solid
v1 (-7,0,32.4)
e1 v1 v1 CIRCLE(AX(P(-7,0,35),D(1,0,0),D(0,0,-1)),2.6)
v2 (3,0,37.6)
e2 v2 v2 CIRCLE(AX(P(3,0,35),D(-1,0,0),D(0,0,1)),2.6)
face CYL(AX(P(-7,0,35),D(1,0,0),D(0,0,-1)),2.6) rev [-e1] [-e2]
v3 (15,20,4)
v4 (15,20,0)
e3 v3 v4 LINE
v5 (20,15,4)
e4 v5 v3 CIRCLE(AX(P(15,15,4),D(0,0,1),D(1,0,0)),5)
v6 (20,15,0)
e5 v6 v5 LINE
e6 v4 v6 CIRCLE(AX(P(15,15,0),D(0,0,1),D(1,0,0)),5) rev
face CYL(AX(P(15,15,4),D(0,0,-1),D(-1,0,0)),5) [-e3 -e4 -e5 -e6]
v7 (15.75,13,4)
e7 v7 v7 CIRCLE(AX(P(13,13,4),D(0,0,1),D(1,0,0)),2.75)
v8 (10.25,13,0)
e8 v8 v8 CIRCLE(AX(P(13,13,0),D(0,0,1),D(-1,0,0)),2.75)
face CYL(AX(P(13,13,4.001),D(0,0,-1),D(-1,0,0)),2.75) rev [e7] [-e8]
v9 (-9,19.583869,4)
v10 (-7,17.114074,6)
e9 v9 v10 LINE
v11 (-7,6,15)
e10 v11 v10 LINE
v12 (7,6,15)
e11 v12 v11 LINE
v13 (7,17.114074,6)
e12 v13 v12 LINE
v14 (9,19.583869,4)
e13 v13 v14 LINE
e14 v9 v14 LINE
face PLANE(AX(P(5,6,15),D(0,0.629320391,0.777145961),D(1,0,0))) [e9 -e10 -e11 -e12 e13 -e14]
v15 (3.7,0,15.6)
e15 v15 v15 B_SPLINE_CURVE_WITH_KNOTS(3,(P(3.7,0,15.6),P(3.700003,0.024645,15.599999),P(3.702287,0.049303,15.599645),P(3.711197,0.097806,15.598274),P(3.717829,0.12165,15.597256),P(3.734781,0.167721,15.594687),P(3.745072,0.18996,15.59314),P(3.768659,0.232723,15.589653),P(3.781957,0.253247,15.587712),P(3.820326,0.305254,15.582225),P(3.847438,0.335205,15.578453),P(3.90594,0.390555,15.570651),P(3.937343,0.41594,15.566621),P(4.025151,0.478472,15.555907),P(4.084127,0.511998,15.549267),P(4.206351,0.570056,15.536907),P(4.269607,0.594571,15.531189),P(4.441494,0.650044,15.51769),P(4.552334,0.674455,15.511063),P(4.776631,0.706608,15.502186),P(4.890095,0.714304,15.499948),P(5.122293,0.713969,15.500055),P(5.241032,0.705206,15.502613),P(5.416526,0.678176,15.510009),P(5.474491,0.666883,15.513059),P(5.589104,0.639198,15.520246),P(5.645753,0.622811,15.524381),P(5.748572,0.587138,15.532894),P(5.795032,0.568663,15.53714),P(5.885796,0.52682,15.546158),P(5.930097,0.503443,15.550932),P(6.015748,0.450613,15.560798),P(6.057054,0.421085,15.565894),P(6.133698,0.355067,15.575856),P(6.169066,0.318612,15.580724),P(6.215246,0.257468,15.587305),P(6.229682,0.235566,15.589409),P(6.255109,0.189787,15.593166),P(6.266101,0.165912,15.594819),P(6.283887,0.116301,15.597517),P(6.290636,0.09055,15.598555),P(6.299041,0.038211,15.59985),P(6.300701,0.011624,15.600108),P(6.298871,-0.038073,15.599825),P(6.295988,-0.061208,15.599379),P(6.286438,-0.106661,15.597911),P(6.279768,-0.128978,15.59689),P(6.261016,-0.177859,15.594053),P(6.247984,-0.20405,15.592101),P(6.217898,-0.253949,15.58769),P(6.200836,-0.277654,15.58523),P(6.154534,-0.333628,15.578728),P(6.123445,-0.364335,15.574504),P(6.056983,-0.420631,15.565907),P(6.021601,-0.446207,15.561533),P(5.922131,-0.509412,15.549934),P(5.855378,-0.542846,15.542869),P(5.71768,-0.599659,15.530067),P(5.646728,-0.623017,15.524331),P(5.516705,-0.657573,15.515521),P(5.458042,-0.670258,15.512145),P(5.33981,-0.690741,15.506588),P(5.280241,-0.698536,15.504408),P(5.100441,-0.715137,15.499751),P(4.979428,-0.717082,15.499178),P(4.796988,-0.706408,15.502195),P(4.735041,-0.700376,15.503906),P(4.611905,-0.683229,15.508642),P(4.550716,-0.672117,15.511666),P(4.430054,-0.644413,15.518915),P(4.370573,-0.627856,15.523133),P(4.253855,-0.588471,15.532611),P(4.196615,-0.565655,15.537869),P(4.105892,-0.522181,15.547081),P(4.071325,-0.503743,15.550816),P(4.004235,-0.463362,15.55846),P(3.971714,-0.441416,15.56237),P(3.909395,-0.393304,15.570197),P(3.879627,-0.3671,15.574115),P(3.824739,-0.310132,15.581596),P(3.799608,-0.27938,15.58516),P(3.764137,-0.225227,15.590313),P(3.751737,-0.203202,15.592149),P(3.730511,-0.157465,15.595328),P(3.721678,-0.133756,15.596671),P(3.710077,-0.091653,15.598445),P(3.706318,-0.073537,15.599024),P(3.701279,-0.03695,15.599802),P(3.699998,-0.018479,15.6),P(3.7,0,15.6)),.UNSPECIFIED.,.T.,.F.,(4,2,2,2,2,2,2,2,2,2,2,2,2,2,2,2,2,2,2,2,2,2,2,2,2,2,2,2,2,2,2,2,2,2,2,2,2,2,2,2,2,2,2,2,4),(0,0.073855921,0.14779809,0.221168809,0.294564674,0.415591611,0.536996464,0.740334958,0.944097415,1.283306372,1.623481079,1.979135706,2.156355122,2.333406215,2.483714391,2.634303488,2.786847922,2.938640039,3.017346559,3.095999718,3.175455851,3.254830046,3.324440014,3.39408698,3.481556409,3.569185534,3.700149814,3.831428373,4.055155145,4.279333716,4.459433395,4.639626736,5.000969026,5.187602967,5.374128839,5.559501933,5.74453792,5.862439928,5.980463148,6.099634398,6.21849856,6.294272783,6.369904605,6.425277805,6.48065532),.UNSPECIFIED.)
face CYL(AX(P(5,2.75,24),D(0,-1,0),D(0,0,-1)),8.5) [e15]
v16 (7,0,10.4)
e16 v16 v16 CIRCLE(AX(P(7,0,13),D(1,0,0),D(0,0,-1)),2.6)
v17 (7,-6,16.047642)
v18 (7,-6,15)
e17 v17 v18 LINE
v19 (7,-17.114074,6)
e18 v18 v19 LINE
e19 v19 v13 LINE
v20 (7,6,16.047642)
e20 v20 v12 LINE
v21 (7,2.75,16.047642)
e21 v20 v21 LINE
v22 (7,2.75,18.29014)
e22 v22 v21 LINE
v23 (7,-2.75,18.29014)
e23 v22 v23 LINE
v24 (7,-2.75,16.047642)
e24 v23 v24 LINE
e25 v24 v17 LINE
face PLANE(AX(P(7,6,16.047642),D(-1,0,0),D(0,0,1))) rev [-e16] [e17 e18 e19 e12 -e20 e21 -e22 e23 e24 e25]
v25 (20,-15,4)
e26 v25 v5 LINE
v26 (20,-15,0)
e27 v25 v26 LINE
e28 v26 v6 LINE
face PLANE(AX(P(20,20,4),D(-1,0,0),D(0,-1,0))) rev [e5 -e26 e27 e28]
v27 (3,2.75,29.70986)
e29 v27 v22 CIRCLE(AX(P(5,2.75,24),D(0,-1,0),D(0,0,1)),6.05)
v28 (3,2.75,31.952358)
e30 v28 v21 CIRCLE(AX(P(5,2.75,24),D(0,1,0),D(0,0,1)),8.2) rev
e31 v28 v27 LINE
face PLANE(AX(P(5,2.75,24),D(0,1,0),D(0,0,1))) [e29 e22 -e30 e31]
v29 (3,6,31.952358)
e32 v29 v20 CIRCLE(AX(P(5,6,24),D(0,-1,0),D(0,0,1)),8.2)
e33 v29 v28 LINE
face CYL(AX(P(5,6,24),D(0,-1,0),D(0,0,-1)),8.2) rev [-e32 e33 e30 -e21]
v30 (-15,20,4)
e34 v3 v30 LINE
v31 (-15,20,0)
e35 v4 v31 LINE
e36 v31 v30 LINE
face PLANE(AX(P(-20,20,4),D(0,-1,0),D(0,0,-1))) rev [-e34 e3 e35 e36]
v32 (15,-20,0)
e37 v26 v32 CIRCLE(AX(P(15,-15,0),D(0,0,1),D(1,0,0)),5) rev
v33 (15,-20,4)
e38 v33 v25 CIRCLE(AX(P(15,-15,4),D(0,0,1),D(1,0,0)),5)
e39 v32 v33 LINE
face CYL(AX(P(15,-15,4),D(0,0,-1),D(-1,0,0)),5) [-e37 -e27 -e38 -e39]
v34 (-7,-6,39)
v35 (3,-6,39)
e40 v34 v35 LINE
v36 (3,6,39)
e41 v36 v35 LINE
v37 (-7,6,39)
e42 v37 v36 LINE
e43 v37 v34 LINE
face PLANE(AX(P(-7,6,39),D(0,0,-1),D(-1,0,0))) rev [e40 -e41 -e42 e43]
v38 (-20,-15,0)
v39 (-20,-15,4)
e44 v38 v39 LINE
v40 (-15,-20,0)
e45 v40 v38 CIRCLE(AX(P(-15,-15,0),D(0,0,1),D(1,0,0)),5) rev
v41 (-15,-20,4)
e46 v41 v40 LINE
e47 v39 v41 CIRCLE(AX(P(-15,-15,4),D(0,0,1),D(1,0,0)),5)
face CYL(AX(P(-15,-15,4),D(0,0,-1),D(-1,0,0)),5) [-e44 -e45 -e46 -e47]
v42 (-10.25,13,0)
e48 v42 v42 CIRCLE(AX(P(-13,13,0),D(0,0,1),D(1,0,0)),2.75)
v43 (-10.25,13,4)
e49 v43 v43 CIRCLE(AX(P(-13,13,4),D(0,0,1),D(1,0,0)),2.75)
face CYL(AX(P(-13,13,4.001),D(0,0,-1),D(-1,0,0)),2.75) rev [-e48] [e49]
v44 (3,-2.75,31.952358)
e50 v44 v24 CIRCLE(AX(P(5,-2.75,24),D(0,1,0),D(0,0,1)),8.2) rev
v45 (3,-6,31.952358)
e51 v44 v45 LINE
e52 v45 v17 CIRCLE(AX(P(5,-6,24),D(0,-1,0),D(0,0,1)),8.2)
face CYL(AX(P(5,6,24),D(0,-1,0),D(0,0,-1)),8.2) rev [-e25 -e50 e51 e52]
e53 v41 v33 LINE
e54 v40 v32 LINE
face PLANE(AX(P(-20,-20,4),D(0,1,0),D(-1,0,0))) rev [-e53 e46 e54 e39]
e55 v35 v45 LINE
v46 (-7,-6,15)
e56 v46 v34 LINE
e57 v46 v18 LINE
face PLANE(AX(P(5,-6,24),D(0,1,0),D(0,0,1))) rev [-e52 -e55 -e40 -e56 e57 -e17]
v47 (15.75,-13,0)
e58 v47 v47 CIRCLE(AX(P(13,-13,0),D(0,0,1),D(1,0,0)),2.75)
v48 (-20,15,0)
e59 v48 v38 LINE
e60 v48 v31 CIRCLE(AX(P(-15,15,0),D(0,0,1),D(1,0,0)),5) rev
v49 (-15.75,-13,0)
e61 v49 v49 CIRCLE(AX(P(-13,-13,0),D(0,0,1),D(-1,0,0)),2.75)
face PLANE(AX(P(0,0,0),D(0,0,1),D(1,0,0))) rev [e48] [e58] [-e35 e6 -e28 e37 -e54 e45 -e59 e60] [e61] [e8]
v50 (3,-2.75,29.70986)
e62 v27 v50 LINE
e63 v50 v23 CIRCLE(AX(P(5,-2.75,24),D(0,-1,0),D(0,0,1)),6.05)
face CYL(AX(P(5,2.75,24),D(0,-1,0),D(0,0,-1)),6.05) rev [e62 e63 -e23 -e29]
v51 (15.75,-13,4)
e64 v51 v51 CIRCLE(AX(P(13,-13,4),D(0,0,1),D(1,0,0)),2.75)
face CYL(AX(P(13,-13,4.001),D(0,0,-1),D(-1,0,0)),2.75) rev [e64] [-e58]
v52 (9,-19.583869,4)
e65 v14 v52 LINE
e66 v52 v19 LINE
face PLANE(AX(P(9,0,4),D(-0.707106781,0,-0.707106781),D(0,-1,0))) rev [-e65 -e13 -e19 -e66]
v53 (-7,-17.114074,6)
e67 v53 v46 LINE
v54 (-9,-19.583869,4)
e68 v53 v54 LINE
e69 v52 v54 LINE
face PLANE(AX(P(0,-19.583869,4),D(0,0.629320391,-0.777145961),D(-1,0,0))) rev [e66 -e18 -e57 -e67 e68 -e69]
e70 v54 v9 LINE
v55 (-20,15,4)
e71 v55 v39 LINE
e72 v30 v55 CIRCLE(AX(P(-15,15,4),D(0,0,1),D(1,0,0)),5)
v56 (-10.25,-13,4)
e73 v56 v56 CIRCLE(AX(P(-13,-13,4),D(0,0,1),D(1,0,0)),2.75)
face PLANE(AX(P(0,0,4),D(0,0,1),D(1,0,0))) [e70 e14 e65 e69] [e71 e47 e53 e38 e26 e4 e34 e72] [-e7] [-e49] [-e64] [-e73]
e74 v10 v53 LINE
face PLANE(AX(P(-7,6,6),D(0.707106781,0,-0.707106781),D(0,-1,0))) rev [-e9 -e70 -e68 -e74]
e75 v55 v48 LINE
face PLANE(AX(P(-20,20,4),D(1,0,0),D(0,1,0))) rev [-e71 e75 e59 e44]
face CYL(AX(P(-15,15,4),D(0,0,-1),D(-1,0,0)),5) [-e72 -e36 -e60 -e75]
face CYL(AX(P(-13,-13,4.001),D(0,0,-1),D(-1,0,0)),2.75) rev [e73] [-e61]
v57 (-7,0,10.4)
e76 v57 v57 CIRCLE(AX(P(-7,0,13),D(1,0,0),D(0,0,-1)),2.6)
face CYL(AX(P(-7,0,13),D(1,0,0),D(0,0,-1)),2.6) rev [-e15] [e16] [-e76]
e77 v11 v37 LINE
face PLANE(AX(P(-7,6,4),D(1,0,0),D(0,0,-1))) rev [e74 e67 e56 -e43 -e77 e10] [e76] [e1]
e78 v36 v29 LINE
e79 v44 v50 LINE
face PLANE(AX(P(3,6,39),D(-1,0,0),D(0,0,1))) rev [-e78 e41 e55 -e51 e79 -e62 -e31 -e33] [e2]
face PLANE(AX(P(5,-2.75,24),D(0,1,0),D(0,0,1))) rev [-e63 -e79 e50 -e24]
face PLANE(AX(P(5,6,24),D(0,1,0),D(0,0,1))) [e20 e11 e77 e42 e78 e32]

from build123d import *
from OCP.BRepFilletAPI import BRepFilletAPI_MakeChamfer

# Parameters (mm, degrees)
SKETCH1_W           = 40
SKETCH1_H           = 40
BOSS_EXTRUDE1_DEPTH = 4
CUT_EXTRUDE1_REACH  = 30.566
SKETCH2_R           = 2.75
BOSS_EXTRUDE2_DEPTH = 6
CHAMFER1_SIZE       = 11
CHAMFER1_SIZE2      = 13.583868722
SKETCH4_R           = 2.6
CUT_EXTRUDE2_DEPTH  = 7
BOSS_EXTRUDE3_DEPTH = 2.75
CHAMFER2_SIZE       = 2
FILLET1_R           = 5


with BuildPart() as part:
    # Sketch1 → Boss-Extrude1 (new body)
    with BuildSketch(Plane.XY):
        Rectangle(SKETCH1_W, SKETCH1_H)
    extrude(amount=BOSS_EXTRUDE1_DEPTH)

    # Sketch2 → Cut-Extrude1 (cut, up to next)
    with BuildSketch(Plane.XY, mode=Mode.PRIVATE) as cut_extrude1_sk1:
        with Locations((-13, 13)):
            Circle(SKETCH2_R)
    cut_extrude1_tool1 = extrude(cut_extrude1_sk1.sketch, amount=CUT_EXTRUDE1_REACH, mode=Mode.PRIVATE) & part.part
    # Sketch2 → Cut-Extrude1 (cut, up to next)
    with BuildSketch(Plane.XY, mode=Mode.PRIVATE) as cut_extrude1_sk2:
        with Locations(Location((13, 13, 0), (0, 0, 180))):
            Circle(SKETCH2_R)
    cut_extrude1_tool2 = extrude(cut_extrude1_sk2.sketch, amount=CUT_EXTRUDE1_REACH, mode=Mode.PRIVATE) & part.part
    # Sketch2 → Cut-Extrude1 (cut, up to next)
    with BuildSketch(Plane.XY, mode=Mode.PRIVATE) as cut_extrude1_sk3:
        with Locations((13, -13)):
            Circle(SKETCH2_R)
    cut_extrude1_tool3 = extrude(cut_extrude1_sk3.sketch, amount=CUT_EXTRUDE1_REACH, mode=Mode.PRIVATE) & part.part
    # Sketch2 → Cut-Extrude1 (cut, up to next)
    with BuildSketch(Plane.XY, mode=Mode.PRIVATE) as cut_extrude1_sk4:
        with Locations(Location((-13, -13, 0), (0, 0, 180))):
            Circle(SKETCH2_R)
    cut_extrude1_tool4 = extrude(cut_extrude1_sk4.sketch, amount=CUT_EXTRUDE1_REACH, mode=Mode.PRIVATE) & part.part
    add(cut_extrude1_tool1.solids().sort_by_distance((-13, 13, 0))[0], mode=Mode.SUBTRACT)
    add(cut_extrude1_tool2.solids().sort_by_distance((13, 13, 0))[0], mode=Mode.SUBTRACT)
    add(cut_extrude1_tool3.solids().sort_by_distance((13, -13, 0))[0], mode=Mode.SUBTRACT)
    add(cut_extrude1_tool4.solids().sort_by_distance((-13, -13, 0))[0], mode=Mode.SUBTRACT)

    # Sketch3 → Boss-Extrude2 (add, symmetric)
    with BuildSketch(Plane(origin=(0, 0, 0), x_dir=(1, 0, 0), z_dir=(0, 1, 0))):
        with BuildLine():
            Line((-7, -4), (-7, -39))
            Line((-7, -39), (3, -39))
            Line((3, -39), (3, -31.952358141))
            ThreePointArc((3, -31.952358141), (-2.952358141, -22), (7, -16.047641859))
            Line((7, -16.047641859), (7, -4))
            Line((7, -4), (-7, -4))
        make_face()
    extrude(amount=BOSS_EXTRUDE2_DEPTH, both=True)

    # Chamfer1: one chamfer whose edges measure the first distance from different faces: ONE call of the kernel's chamfer builder (chamfer() names one face for all edges)
    chamfer1_edges_1 = [part.edges().sort_by_distance(p)[0] for p in [
        (0, -6, 4),
    ]]
    chamfer1_side_1 = [part.faces().sort_by_distance(p)[0] for p in [
        (6.623038464, -6, 10.02382093),
    ]]
    chamfer1_edges_2 = [part.edges().sort_by_distance(p)[0] for p in [
        (0, 6, 4),
    ]]
    chamfer1_side_2 = [part.faces().sort_by_distance(p)[0] for p in [
        (6.623038464, 6, 10.02382093),
    ]]
    chamfer1 = BRepFilletAPI_MakeChamfer(part.part.solid().wrapped)
    for e in chamfer1_edges_1:
        chamfer1.Add(CHAMFER1_SIZE, CHAMFER1_SIZE2, e.wrapped, chamfer1_side_1[0].wrapped)  # the first distance lies on this face
    for e in chamfer1_edges_2:
        chamfer1.Add(CHAMFER1_SIZE, CHAMFER1_SIZE2, e.wrapped, chamfer1_side_2[0].wrapped)  # the first distance lies on this face
    add(Compound.cast(chamfer1.Shape()), mode=Mode.REPLACE)

    # Sketch4 → Cut-Extrude2 (cut, symmetric)
    with BuildSketch(Plane(origin=(0, 0, 0), x_dir=(0, 0, -1), z_dir=(1, 0, 0))):
        with Locations((-13, 0)):
            Circle(SKETCH4_R)
        with Locations((-35, 0)):
            Circle(SKETCH4_R)
    extrude(amount=CUT_EXTRUDE2_DEPTH, both=True, mode=Mode.SUBTRACT)

    # Sketch5 → Boss-Extrude3 (add, symmetric)
    with BuildSketch(Plane(origin=(0, 0, 0), x_dir=(1, 0, 0), z_dir=(0, 1, 0))):
        with BuildLine():
            Line((7, -15.738644179), (7, -18.290140107))
            ThreePointArc((7, -18.290140107), (-0.709859893, -22), (3, -29.709859893))
            Line((3, -29.709859893), (3, -32.261355821))
            ThreePointArc((3, -32.261355821), (-3.261355821, -22), (7, -15.738644179))
        make_face()
    extrude(amount=BOSS_EXTRUDE3_DEPTH, both=True)

    # Chamfer2
    chamfer2_edges = [part.edges().sort_by_distance(p)[0] for p in [
        (7, 0, 4),
        (-7, 0, 4),
    ]]
    chamfer(chamfer2_edges, length=CHAMFER2_SIZE)

    # Fillet1
    fillet1_edges = [part.edges().sort_by_distance(p)[0] for p in [
        (20, -20, 2),
        (-20, -20, 2),
        (-20, 20, 2),
        (20, 20, 2),
    ]]
    fillet(fillet1_edges, radius=FILLET1_R)


solid = part.part
